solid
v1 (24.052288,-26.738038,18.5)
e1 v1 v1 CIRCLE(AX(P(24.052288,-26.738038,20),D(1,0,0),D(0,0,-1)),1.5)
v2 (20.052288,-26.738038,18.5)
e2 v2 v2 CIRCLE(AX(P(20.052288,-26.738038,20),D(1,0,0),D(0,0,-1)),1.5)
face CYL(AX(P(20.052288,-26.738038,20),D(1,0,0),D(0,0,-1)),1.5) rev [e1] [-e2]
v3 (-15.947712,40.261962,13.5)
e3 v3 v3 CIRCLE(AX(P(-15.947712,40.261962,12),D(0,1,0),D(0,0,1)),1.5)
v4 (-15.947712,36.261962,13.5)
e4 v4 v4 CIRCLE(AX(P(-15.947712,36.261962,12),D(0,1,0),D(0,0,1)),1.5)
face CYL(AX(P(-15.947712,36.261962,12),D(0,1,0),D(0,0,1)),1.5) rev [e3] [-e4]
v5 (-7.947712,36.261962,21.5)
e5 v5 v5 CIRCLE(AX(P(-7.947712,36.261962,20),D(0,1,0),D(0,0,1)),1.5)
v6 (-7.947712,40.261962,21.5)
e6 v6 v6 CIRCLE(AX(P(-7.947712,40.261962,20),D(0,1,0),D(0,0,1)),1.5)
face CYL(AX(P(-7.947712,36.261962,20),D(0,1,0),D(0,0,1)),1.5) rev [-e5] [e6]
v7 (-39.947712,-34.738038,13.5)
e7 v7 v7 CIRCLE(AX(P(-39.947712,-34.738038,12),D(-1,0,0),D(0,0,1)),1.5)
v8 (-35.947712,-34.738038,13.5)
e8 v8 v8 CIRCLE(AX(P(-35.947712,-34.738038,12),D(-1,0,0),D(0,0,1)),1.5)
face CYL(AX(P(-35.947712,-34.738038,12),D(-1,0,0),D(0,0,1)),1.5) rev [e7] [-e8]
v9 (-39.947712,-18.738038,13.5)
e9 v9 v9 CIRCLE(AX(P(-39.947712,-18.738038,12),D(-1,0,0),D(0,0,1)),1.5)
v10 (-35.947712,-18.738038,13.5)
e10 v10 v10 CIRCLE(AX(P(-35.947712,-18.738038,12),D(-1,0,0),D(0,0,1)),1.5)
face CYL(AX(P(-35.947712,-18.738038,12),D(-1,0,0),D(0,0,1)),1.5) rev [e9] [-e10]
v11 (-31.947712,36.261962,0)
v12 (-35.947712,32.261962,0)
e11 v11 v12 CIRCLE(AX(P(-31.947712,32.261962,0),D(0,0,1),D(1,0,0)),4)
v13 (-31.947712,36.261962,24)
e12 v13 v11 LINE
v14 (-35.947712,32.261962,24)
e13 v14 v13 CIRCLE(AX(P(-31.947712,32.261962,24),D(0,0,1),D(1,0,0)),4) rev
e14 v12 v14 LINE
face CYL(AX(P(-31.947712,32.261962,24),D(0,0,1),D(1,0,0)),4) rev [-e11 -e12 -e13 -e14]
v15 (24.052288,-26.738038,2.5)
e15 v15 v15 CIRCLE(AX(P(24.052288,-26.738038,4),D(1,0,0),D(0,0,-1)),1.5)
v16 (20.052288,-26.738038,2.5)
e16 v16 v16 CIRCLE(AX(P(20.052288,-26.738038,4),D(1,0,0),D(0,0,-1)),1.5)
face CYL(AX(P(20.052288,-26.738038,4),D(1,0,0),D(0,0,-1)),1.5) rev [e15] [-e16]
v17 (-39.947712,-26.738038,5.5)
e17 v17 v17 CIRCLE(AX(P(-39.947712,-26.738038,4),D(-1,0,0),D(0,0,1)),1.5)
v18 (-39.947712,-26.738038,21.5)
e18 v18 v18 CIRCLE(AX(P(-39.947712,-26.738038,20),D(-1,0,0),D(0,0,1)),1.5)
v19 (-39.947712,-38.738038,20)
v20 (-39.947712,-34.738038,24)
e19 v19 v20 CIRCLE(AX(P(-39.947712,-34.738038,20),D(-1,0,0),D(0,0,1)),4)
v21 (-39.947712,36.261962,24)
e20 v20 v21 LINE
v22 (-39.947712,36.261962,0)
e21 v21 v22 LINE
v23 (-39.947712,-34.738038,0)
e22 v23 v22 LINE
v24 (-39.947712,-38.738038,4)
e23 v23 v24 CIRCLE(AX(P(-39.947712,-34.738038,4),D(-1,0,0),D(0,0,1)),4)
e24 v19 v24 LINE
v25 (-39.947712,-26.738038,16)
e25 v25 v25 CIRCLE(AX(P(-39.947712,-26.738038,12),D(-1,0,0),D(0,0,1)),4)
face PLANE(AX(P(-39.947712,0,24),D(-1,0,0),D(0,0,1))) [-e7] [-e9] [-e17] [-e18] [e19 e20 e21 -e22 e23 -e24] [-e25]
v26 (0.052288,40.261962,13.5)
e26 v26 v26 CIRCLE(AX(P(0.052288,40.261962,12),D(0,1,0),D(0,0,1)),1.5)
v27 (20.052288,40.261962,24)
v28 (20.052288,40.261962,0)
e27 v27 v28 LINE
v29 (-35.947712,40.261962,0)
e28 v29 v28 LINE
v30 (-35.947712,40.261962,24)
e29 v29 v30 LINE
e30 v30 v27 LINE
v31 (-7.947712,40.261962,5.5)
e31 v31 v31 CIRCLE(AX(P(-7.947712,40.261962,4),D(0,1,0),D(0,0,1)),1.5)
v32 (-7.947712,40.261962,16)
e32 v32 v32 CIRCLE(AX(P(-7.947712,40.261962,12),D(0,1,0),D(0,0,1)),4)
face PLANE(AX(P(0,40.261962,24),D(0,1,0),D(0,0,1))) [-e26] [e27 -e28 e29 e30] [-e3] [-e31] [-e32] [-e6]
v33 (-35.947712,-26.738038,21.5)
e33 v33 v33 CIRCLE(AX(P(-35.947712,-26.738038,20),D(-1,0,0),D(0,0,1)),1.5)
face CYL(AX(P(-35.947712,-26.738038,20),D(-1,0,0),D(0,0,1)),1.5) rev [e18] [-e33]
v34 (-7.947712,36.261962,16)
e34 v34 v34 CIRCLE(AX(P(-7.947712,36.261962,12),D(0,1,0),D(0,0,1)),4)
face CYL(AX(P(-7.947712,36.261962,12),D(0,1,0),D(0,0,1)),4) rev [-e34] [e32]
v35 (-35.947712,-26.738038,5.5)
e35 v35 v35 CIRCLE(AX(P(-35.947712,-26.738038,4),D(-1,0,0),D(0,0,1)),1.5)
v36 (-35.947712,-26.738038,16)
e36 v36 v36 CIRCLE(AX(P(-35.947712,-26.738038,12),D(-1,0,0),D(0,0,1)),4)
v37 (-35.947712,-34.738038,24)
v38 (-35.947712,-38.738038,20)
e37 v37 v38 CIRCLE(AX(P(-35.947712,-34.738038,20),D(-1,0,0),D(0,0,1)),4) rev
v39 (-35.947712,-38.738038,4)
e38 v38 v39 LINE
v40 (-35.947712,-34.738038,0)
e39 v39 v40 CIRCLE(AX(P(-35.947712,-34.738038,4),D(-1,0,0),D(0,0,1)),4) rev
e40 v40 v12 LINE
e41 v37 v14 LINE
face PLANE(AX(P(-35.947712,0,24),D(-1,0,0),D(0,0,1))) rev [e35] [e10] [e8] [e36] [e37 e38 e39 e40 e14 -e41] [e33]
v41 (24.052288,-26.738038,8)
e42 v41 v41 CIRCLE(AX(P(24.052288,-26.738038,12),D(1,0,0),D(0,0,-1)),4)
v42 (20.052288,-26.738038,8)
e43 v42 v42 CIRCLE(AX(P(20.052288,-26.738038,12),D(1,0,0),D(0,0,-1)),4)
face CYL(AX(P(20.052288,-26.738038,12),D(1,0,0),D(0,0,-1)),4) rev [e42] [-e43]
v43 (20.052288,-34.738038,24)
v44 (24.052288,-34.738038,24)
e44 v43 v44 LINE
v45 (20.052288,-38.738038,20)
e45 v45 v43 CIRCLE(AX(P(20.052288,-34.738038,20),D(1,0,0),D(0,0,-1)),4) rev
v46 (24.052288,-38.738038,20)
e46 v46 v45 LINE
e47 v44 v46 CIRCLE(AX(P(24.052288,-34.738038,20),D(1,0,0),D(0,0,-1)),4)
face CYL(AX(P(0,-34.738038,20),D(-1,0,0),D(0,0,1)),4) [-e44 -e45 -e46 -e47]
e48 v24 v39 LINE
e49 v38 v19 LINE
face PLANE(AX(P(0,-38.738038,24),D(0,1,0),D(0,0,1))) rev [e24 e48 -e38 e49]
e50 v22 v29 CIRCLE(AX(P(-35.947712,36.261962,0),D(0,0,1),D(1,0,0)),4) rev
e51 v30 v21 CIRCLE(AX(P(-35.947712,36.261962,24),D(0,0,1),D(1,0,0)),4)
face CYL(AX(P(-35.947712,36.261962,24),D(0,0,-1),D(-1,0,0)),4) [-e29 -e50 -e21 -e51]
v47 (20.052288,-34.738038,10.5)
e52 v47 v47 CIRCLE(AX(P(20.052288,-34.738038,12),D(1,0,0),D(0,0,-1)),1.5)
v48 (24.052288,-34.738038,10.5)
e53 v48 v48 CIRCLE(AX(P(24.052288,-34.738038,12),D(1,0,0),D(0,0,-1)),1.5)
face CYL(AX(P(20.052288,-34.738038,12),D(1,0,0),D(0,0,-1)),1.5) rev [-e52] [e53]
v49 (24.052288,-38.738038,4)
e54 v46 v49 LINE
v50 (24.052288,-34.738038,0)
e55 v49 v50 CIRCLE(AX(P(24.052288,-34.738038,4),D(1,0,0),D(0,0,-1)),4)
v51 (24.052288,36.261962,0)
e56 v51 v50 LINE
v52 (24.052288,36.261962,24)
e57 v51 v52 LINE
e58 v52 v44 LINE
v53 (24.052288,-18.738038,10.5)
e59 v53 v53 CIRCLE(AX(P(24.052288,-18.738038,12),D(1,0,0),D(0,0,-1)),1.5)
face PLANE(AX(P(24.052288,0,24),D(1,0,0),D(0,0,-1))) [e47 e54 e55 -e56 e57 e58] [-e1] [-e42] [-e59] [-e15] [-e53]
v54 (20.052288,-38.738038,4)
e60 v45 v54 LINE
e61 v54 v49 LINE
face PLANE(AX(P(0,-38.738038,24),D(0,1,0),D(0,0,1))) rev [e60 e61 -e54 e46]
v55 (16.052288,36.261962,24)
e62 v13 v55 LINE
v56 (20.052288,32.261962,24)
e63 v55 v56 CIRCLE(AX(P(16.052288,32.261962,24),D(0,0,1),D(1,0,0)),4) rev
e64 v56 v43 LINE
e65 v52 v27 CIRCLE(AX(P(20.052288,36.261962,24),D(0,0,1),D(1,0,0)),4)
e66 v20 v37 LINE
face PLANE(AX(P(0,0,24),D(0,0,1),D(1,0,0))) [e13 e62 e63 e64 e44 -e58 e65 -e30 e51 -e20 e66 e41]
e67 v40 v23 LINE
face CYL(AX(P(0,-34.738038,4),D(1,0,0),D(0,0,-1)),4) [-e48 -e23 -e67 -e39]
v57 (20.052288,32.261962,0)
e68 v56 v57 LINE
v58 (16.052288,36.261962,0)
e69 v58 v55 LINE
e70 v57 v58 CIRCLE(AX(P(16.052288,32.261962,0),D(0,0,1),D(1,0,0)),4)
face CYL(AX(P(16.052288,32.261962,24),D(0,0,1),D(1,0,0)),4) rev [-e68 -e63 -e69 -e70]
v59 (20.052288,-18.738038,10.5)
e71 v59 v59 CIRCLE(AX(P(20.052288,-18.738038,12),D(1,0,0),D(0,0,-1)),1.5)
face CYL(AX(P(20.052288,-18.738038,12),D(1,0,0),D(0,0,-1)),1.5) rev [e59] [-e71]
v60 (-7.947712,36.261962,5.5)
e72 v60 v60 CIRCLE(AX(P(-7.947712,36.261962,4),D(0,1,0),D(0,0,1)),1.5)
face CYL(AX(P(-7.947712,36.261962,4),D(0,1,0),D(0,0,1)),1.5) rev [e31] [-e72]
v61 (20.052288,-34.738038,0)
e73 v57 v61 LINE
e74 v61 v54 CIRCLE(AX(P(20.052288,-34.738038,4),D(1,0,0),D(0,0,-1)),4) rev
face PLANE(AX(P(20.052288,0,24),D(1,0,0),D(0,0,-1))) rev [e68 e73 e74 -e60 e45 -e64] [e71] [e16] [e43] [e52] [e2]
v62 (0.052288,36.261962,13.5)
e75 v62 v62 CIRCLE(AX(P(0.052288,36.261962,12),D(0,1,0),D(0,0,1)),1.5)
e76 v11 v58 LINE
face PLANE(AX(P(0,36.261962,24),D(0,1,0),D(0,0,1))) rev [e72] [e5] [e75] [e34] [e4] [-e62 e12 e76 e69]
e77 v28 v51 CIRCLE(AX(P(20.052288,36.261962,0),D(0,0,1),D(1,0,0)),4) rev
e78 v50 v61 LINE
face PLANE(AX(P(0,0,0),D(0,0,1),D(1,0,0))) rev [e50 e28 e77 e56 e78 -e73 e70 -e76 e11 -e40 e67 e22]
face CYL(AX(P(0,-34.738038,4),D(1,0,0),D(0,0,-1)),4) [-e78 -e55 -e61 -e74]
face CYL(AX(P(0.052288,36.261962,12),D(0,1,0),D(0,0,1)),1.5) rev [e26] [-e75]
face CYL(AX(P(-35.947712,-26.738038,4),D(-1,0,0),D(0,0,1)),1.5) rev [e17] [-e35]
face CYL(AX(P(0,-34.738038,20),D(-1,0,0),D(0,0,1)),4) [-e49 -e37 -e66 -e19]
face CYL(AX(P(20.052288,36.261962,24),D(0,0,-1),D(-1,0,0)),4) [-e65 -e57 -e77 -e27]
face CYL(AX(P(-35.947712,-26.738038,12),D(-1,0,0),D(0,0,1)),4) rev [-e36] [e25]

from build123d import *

# Parameters (mm, degrees)
BOSS_EXTRUDE1_DEPTH = 24
SKETCH2_R           = 4
SKETCH2_R_2         = 1.5
CUT_EXTRUDE1_DEPTH  = 4
SKETCH3_R           = 4
SKETCH3_R_2         = 1.5
CUT_EXTRUDE2_DEPTH  = 4
FILLET1_R           = 4
SKETCH6_R           = 4
SKETCH6_R_2         = 1.5
CUT_EXTRUDE3_DEPTH  = 4


with BuildPart() as part:
    # Sketch1 → Boss-Extrude1 (new body)
    with BuildSketch(Plane.XY):
        Polygon((-35.947712149, -38.738038278), (-35.947712149, 36.261961722), (20.052287851, 36.261961722), (20.052287851, -38.738038278), (24.052287851, -38.738038278), (24.052287851, 40.261961722), (-39.947712149, 40.261961722), (-39.947712149, -38.738038278), align=None)
    extrude(amount=BOSS_EXTRUDE1_DEPTH)

    # Sketch2 → Cut-Extrude1 (cut)
    with BuildSketch(Plane(origin=(24.052287851, 0, 0), x_dir=(0, 0, -1), z_dir=(1, 0, 0))):
        with Locations((-12, -26.738038278)):
            Circle(SKETCH2_R)
        with Locations((-4, -26.738038278)):
            Circle(SKETCH2_R_2)
        with Locations((-12, -34.738038278)):
            Circle(SKETCH2_R_2)
        with Locations((-20, -26.738038278)):
            Circle(SKETCH2_R_2)
        with Locations((-12, -18.738038278)):
            Circle(SKETCH2_R_2)
    extrude(amount=-CUT_EXTRUDE1_DEPTH, mode=Mode.SUBTRACT)

    # Sketch3 → Cut-Extrude2 (cut)
    with BuildSketch(Plane.ZY.offset(39.947712149)):
        with Locations((12, -26.738038278)):
            Circle(SKETCH3_R)
        with Locations((20, -26.738038278)):
            Circle(SKETCH3_R_2)
        with Locations((12, -34.738038278)):
            Circle(SKETCH3_R_2)
        with Locations((4, -26.738038278)):
            Circle(SKETCH3_R_2)
        with Locations((12, -18.738038278)):
            Circle(SKETCH3_R_2)
    extrude(amount=-CUT_EXTRUDE2_DEPTH, mode=Mode.SUBTRACT)

    # Fillet1
    fillet1_edges = [part.edges().sort_by_distance(p)[0] for p in [
        (22.052287851, -38.738038278, 0),
        (20.052287851, 36.261961722, 12),
        (-35.947712149, 36.261961722, 12),
        (-39.947712149, 40.261961722, 12),
        (24.052287851, 40.261961722, 12),
        (-37.947712149, -38.738038278, 24),
        (22.052287851, -38.738038278, 24),
        (-37.947712149, -38.738038278, 0),
    ]]
    fillet(fillet1_edges, radius=FILLET1_R)

    # Sketch6 → Cut-Extrude3 (cut)
    with BuildSketch(Plane(origin=(0, 40.261961722, 0), x_dir=(1, 0, 0), z_dir=(0, 1, 0))):
        with Locations((-7.947712149, -12)):
            Circle(SKETCH6_R)
        with Locations((0.052287851, -12)):
            Circle(SKETCH6_R_2)
        with Locations((-7.947712149, -20)):
            Circle(SKETCH6_R_2)
        with Locations((-15.947712149, -12)):
            Circle(SKETCH6_R_2)
        with Locations((-7.947712149, -4)):
            Circle(SKETCH6_R_2)
    extrude(amount=-CUT_EXTRUDE3_DEPTH, mode=Mode.SUBTRACT)


solid = part.part
